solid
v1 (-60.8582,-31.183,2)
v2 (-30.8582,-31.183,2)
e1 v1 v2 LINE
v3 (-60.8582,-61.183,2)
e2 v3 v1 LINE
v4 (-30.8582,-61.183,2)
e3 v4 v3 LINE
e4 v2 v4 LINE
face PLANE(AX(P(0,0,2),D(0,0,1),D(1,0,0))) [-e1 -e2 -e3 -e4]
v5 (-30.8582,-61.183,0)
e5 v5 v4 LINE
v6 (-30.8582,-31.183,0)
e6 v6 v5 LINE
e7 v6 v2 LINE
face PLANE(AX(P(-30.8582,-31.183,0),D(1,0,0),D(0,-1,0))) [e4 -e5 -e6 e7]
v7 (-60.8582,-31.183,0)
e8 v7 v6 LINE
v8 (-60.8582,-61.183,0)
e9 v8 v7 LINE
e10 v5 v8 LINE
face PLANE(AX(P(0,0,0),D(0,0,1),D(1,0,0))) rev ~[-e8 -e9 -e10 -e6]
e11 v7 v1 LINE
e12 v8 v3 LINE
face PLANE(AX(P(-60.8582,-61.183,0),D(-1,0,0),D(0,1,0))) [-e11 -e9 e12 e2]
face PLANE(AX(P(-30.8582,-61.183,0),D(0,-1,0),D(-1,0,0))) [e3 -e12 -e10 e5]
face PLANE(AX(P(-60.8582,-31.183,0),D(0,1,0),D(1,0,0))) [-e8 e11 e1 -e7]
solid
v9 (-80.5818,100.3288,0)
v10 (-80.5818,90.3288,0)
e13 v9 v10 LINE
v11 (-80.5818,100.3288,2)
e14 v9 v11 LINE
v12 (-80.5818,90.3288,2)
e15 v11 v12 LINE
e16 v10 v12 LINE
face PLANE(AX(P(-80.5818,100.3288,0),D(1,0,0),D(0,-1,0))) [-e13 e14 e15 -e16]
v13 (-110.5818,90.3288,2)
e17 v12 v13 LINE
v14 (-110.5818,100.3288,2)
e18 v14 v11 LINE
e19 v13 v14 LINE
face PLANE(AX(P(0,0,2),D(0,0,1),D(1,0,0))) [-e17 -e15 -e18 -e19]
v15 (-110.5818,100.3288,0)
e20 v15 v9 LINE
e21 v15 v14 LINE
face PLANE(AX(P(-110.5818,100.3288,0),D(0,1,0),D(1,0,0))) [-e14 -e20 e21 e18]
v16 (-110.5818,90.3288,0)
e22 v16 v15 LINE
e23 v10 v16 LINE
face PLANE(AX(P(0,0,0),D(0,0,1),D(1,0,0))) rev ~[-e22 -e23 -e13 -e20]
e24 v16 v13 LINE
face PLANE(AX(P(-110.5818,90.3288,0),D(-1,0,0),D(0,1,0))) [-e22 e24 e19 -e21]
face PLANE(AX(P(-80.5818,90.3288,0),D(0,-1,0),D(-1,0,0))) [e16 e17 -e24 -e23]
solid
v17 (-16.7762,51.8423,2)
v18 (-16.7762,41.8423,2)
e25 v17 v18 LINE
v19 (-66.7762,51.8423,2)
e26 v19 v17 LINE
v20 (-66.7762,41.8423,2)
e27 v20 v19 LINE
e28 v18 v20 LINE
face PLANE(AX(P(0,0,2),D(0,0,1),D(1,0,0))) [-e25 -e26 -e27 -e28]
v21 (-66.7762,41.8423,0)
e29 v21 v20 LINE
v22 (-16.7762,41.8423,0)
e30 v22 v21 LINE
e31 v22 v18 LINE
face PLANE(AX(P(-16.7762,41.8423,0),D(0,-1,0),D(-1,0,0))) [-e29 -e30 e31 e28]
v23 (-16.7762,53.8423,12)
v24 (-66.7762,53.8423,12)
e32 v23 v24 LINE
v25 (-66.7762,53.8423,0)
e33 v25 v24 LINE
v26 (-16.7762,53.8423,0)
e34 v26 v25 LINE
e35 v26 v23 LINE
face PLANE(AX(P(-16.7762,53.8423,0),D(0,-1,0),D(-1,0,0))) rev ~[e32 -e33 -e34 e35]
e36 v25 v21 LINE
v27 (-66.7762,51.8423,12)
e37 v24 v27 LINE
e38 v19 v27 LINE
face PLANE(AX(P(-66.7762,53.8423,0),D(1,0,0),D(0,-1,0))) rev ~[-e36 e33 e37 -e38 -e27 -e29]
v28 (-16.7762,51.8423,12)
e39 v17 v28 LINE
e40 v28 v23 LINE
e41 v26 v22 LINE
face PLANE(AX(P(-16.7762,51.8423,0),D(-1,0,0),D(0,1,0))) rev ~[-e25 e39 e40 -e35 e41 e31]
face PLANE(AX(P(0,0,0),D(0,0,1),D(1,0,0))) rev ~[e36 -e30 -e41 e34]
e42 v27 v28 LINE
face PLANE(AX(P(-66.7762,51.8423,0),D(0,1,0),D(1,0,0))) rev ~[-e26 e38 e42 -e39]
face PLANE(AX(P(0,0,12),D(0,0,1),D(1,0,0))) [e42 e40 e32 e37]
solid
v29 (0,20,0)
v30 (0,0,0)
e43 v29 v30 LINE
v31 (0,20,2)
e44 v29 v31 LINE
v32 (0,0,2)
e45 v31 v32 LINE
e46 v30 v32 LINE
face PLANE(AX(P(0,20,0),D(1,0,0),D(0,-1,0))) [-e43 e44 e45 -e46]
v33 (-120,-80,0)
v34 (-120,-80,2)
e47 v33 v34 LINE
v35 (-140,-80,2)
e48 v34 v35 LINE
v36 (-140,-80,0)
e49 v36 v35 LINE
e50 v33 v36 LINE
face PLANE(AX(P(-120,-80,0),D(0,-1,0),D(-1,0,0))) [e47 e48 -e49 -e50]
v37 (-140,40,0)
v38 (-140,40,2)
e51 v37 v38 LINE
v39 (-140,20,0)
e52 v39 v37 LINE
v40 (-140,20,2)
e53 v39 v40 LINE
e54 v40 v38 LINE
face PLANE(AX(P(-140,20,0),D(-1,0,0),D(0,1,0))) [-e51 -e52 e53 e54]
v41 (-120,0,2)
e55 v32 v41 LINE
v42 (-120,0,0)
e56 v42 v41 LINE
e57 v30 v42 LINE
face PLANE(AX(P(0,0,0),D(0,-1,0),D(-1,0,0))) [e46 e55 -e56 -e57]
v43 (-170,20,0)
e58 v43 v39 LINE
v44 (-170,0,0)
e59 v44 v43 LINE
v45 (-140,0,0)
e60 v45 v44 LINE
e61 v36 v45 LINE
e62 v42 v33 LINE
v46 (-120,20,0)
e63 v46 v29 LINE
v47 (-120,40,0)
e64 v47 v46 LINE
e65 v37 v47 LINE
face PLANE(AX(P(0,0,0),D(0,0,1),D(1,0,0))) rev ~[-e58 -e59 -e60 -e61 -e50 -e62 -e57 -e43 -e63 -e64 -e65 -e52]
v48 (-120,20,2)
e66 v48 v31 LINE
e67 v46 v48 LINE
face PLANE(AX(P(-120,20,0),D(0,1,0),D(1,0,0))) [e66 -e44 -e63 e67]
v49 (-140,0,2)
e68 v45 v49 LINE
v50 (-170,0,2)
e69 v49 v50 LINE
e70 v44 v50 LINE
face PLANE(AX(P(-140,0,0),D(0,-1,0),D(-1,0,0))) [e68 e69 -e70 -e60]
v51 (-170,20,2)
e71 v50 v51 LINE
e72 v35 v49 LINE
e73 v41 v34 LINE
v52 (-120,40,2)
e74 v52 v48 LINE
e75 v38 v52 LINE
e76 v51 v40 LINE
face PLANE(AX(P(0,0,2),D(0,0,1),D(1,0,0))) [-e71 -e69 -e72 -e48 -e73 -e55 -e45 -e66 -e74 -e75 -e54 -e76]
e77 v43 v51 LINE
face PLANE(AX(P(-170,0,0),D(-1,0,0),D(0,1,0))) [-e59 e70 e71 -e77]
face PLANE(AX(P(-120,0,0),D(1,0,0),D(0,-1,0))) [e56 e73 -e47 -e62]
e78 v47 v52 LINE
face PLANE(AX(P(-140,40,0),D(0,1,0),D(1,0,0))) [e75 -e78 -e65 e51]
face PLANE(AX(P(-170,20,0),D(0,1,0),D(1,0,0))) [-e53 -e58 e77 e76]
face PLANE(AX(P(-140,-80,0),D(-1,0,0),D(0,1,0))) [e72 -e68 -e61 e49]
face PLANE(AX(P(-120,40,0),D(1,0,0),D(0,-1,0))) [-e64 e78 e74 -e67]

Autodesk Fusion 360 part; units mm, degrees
sketch "Sketch1" plane through (0, 0, 0) normal (0, 0, 1) x (1, 0, 0)
  line L0 (0, 0) -> (-170, 0)
  line L1 (-170, 0) -> (-170, 20)
  line L2 (-170, 20) -> (0, 20)
  line L3 (0, 20) -> (0, 0)
  line L4 (-140, 40) -> (-120, 40)
  line L5 (-120, 40) -> (-120, -80)
  line L6 (-120, -80) -> (-140, -80)
  line L7 (-140, -80) -> (-140, 40)
  line L8 (-66.7762, 51.8423) -> (-16.7762, 51.8423)
  line L9 (-16.7762, 51.8423) -> (-16.7762, 41.8423)
  line L10 (-16.7762, 41.8423) -> (-66.7762, 41.8423)
  line L11 (-66.7762, 41.8423) -> (-66.7762, 51.8423)
  line L12 (-66.7762, 51.8423) -> (-16.7762, 51.8423)
  line L13 (-16.7762, 51.8423) -> (-16.7762, 53.8423)
  line L14 (-16.7762, 53.8423) -> (-66.7762, 53.8423)
  line L15 (-66.7762, 53.8423) -> (-66.7762, 51.8423)
  dimension "d1" = 170
  dimension "d2" = 20
  dimension "d3" = 20
  dimension "d4" = 120
  dimension "d5" = 20
  dimension "d6" = 30
  dimension "d7" = 50
  dimension "d8" = 10
  dimension "d9" = 2
extrude "Extrude1" add sketch "Sketch1" along normal blind 12 contours L8 L12 L13 L14 L15 makes body 1
extrude "Extrude2" add sketch "Sketch1" along normal blind 2 contours L8 L9 L10 L11 L12 bodies 1
extrude "Extrude3" add sketch "Sketch1" along normal blind 2 separate body contours L0 L2 L3 L5 | L0 L5 L6 L7 | L0 L2 L5 L7 | L0 L1 L2 L7 | L2 L4 L5 L7 makes body 2
sketch "Sketch2" plane through (0, 0, 0) normal (0, 0, 1) x (1, 0, 0)
  line L0 (-60.8582, -31.183) -> (-30.8582, -31.183)
  line L1 (-30.8582, -31.183) -> (-30.8582, -61.183)
  line L2 (-30.8582, -61.183) -> (-60.8582, -61.183)
  line L3 (-60.8582, -61.183) -> (-60.8582, -31.183)
  dimension "d16" = 30
  dimension "d17" = 30
extrude "Extrude4" add sketch "Sketch2" along normal blind 2 separate body makes body 3
sketch "Sketch3" plane through (0, 0, 0) normal (0, 0, 1) x (1, 0, 0)
  line L0 (-110.5818, 100.3288) -> (-80.5818, 100.3288)
  line L1 (-80.5818, 100.3288) -> (-80.5818, 90.3288)
  line L2 (-80.5818, 90.3288) -> (-110.5818, 90.3288)
  line L3 (-110.5818, 90.3288) -> (-110.5818, 100.3288)
  dimension "d20" = 30
  dimension "d21" = 10
extrude "Extrude5" add sketch "Sketch3" along normal blind 2 separate body makes body 4
